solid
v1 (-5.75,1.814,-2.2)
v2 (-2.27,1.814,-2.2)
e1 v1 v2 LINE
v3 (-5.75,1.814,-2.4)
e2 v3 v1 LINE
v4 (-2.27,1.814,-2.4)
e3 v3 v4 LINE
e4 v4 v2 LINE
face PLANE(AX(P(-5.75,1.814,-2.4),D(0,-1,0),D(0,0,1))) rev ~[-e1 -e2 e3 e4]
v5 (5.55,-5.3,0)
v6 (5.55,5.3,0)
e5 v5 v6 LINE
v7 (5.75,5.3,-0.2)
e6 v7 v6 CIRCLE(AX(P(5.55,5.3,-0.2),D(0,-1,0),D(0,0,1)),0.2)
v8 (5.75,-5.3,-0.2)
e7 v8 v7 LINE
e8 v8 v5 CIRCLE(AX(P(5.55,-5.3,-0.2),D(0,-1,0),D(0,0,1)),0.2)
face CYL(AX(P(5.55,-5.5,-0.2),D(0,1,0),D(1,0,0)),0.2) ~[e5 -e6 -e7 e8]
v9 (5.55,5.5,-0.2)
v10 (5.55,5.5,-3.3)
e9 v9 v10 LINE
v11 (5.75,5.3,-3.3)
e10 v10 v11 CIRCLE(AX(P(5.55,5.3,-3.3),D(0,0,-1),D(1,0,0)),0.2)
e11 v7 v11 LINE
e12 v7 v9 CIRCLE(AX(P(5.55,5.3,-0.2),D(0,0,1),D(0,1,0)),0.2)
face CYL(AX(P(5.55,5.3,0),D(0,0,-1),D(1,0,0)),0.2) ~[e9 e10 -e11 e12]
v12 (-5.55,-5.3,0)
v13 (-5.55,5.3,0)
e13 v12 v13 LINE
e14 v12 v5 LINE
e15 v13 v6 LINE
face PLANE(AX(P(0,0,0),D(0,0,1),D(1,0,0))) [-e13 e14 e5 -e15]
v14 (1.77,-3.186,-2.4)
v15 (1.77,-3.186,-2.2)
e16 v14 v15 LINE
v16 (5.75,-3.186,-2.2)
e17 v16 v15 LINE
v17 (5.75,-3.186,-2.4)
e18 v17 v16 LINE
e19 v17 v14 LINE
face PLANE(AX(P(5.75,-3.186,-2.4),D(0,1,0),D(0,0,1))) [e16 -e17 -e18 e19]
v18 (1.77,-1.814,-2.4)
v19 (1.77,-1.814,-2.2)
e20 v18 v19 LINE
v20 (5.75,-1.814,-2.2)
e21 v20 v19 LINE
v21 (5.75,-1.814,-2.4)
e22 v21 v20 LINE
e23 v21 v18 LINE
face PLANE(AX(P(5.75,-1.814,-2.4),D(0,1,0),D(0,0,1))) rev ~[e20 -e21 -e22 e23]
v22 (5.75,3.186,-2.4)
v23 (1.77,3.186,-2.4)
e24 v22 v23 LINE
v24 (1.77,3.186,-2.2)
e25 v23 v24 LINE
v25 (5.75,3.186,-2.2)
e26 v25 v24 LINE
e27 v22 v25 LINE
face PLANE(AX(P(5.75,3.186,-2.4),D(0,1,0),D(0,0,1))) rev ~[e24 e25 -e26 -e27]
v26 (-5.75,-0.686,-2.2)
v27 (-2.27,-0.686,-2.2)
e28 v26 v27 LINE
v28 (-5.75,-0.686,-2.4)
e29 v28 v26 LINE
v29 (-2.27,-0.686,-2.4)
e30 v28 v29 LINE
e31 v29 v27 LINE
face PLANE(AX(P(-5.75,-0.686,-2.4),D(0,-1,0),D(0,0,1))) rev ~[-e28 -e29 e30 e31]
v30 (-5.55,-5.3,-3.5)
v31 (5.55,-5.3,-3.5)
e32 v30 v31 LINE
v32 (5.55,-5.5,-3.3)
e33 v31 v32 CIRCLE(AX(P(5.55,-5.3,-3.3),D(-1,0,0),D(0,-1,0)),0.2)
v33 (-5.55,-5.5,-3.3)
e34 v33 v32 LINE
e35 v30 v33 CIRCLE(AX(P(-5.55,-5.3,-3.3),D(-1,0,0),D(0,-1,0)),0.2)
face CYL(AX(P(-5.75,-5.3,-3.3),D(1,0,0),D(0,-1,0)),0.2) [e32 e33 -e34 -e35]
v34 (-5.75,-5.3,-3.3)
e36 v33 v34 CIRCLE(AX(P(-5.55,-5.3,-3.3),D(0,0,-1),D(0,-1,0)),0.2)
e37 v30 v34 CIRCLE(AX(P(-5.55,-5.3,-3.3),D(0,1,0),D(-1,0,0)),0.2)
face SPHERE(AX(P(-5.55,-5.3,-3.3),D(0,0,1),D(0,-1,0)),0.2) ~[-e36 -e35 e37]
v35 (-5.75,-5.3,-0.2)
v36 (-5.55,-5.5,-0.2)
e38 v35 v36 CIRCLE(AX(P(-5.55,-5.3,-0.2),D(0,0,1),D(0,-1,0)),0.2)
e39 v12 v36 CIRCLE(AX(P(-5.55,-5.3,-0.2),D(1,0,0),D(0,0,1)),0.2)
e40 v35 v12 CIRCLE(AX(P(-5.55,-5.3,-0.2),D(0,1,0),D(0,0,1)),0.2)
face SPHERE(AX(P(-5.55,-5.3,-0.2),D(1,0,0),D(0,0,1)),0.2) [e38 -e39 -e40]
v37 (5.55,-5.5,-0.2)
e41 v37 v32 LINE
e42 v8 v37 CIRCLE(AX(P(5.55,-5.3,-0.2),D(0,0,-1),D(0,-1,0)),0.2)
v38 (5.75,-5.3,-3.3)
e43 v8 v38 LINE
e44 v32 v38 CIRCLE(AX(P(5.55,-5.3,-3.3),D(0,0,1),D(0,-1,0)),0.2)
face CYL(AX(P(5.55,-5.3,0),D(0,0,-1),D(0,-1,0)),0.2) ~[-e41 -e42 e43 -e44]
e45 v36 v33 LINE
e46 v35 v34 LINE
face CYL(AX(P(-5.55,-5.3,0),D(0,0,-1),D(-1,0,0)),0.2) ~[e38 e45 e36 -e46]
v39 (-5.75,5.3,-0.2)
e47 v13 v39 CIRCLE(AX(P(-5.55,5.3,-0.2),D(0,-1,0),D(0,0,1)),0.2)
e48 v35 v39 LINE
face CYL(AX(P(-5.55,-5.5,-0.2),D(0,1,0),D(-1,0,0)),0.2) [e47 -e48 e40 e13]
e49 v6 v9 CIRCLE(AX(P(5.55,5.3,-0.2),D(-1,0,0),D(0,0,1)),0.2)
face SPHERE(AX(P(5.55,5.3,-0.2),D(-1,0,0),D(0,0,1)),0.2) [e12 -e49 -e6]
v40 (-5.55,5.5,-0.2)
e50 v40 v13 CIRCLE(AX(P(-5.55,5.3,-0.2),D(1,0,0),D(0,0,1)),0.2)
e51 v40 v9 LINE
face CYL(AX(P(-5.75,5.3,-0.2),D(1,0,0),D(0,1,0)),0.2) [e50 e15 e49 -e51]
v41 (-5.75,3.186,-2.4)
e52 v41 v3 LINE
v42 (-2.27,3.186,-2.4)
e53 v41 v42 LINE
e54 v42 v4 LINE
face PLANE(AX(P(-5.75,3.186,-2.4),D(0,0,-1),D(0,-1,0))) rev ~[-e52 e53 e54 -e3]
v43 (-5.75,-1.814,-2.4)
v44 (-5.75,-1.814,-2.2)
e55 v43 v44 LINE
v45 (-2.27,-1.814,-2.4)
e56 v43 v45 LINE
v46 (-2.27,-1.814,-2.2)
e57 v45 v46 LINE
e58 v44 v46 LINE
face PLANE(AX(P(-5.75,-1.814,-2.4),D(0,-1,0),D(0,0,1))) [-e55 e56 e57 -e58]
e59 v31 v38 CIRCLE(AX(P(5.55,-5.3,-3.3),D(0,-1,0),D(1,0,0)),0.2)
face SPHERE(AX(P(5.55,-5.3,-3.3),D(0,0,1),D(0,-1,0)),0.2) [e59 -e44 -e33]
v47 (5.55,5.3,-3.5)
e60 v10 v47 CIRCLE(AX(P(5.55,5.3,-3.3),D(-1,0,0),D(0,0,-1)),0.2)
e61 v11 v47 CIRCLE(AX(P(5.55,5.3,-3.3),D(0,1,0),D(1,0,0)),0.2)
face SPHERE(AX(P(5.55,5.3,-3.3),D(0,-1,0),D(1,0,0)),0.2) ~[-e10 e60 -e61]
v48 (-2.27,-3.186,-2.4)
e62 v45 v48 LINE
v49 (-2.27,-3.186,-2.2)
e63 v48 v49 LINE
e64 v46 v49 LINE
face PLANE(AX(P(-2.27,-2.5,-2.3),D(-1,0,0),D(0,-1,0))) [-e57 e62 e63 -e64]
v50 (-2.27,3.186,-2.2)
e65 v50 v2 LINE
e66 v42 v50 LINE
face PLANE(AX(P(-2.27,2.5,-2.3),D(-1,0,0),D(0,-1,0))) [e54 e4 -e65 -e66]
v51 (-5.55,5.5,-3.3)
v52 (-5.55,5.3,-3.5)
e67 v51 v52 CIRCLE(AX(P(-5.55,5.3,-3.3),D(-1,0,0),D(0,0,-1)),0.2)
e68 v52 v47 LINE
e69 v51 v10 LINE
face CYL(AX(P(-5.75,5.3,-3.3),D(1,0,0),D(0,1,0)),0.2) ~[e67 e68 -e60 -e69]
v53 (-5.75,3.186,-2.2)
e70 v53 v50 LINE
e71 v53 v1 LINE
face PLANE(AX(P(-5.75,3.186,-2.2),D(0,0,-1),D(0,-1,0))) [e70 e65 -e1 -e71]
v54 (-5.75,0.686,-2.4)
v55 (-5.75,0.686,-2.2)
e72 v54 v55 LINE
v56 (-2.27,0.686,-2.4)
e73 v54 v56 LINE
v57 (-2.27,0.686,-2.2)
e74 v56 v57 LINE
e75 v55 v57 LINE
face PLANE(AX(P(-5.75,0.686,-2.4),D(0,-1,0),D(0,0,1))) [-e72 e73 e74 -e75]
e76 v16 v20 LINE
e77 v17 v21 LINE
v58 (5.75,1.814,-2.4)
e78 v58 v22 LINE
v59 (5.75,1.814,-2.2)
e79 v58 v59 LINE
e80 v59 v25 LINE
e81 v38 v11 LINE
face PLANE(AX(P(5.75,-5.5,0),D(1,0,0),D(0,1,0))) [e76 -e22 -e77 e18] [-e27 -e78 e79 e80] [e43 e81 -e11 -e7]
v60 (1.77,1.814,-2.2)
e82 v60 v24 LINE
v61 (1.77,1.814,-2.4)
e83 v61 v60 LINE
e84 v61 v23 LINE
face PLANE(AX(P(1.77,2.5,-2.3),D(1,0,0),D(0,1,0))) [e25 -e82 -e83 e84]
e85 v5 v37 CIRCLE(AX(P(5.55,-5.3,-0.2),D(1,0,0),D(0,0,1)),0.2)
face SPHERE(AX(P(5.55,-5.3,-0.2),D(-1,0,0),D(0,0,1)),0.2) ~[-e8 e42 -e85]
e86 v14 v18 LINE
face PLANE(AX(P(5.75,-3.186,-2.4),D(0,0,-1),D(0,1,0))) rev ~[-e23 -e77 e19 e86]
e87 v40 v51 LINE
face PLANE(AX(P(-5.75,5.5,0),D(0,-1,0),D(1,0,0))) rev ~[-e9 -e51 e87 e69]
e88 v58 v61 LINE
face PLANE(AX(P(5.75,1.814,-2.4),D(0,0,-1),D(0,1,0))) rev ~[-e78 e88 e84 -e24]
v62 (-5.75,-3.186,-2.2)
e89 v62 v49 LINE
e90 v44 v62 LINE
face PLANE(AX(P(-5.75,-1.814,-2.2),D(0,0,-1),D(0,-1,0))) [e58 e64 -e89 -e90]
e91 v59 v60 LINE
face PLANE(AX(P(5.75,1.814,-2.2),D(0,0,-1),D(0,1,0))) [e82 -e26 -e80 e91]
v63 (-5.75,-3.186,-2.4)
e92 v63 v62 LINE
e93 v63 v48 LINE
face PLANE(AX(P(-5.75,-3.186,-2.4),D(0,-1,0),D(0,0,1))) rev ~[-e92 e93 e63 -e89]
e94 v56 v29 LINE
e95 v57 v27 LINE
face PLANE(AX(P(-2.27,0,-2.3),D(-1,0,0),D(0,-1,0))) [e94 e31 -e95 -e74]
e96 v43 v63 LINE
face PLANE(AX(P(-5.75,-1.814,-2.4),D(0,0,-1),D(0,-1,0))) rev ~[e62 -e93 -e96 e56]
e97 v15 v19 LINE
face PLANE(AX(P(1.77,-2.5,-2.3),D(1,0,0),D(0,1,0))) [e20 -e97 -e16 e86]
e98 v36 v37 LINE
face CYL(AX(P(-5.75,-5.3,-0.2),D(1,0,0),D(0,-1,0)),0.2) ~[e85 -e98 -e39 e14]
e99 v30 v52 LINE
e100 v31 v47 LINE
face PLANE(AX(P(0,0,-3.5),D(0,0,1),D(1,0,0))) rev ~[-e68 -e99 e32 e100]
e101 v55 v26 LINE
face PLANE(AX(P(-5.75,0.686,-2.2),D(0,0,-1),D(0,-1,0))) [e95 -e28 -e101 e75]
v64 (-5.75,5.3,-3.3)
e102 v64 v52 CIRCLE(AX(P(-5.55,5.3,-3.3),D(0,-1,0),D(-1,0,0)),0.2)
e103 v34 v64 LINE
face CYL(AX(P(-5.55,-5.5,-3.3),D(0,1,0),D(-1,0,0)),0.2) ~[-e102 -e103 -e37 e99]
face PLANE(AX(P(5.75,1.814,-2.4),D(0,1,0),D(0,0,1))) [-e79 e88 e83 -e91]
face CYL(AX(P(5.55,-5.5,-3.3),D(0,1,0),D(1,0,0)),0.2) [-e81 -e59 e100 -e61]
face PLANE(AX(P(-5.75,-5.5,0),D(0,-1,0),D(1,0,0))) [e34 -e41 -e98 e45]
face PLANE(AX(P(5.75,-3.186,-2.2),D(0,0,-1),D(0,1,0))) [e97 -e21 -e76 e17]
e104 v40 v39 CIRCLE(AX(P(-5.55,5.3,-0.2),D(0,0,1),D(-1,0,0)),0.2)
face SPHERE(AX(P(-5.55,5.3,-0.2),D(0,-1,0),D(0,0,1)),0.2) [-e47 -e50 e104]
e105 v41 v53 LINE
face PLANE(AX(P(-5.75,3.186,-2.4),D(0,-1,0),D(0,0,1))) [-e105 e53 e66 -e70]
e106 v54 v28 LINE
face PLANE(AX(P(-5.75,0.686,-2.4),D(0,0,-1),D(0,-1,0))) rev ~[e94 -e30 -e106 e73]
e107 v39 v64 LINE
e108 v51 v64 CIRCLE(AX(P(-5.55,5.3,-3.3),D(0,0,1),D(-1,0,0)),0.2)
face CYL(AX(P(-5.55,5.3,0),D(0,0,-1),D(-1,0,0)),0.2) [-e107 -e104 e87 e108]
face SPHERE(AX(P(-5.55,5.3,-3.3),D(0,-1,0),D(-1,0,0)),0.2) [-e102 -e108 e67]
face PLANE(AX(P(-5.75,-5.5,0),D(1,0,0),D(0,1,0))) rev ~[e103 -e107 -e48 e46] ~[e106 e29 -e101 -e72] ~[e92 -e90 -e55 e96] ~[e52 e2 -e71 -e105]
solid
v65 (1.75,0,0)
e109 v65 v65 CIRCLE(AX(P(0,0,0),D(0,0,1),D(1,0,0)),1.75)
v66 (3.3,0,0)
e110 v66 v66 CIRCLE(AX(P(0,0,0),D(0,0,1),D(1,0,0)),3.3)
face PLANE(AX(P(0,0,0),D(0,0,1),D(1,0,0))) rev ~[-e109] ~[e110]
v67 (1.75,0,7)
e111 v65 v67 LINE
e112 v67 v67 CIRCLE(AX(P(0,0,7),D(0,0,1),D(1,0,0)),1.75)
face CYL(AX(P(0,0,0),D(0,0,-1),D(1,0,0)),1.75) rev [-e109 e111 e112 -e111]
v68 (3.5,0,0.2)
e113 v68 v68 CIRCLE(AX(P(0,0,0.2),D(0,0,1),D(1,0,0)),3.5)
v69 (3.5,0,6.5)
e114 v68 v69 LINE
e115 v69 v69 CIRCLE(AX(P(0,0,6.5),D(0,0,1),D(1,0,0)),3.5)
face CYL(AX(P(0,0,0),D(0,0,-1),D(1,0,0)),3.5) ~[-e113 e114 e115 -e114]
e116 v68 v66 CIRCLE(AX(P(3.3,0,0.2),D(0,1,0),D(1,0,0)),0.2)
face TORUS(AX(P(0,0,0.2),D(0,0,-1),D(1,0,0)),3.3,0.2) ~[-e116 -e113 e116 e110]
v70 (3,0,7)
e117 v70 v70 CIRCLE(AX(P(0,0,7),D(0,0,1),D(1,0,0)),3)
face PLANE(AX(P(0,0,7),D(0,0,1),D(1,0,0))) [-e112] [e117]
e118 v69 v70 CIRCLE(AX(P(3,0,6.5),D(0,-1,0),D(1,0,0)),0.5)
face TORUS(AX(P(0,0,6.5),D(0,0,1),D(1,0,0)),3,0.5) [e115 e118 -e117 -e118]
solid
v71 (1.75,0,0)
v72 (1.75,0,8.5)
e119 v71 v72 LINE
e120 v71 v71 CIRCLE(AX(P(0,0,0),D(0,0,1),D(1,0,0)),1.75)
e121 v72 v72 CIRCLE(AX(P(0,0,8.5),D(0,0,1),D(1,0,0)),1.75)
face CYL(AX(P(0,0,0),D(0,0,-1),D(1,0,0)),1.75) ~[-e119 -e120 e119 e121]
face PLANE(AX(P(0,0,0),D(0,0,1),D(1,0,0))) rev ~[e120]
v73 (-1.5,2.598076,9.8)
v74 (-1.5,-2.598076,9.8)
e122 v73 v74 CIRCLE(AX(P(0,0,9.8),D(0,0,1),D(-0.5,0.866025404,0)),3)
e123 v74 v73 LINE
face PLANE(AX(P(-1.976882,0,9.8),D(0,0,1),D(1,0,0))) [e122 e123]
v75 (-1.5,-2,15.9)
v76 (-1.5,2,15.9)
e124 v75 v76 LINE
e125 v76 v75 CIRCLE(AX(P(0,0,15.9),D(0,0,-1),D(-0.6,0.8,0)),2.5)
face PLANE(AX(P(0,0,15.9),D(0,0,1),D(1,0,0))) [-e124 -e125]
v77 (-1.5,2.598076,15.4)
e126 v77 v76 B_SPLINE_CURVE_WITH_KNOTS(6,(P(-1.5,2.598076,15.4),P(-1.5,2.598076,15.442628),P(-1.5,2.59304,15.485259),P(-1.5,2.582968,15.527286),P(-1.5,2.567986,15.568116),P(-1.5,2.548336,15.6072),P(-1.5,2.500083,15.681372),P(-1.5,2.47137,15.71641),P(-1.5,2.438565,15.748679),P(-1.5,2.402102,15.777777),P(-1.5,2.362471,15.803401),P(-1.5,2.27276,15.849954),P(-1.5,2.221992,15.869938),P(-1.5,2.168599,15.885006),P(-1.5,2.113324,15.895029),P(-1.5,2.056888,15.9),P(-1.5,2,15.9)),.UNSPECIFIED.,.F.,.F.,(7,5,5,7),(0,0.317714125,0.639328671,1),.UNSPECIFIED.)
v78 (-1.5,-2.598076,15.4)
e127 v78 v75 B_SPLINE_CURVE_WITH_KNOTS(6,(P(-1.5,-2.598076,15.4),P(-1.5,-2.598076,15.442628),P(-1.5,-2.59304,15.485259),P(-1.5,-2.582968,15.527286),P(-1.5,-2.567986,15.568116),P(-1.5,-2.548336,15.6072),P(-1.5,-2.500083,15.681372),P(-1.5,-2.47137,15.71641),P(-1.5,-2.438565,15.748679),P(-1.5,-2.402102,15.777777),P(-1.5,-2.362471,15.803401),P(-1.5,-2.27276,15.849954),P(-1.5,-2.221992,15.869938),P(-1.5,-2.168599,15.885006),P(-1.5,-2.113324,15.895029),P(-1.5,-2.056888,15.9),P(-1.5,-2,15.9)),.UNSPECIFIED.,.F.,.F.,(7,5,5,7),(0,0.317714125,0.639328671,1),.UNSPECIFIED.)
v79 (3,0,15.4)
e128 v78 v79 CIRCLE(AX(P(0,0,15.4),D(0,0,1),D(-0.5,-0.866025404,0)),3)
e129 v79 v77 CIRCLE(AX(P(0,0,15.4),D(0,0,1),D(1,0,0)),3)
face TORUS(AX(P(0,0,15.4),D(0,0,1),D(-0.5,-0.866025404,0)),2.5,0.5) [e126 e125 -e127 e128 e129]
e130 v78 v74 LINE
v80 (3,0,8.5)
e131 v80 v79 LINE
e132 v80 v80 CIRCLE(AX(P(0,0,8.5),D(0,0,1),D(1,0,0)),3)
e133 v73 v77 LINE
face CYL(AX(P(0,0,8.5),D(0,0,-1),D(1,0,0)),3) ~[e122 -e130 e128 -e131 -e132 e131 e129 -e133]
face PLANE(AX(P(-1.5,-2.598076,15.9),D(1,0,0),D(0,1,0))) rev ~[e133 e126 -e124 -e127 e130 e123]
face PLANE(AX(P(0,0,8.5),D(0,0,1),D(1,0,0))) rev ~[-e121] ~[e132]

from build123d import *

# Parameters (mm, degrees)
F0_W      = 11.5
F0_H      = 11
F1_DEPTH  = 3.5
F2_R      = 3.5
F2_R_2    = 1.75
F3_DEPTH  = 7
F4_DEPTH  = 8.5
F5_R      = 3
F5_R_2    = 1.75
F6_DEPTH  = 7.4
F8_DEPTH  = 6
F9_R      = 0.2
F9_2_R    = 0.2
F10_R     = 0.5
F10_2_R   = 0.5
F11_DEPTH = 6.1
F12_W     = 1.372
F12_H     = 0.2
F13_DEPTH = 3.48
F14_W     = 1.372
F14_H     = 0.2
F15_DEPTH = 3.98


with BuildPart() as f1:
    # F0 (on Top) → F1 (new body)
    with BuildSketch(Plane.XY):
        Rectangle(F0_W, F0_H)
    extrude(amount=-F1_DEPTH)

    # F9
    f9_edges = [f1.edges().sort_by_distance(p)[0] for p in [
        (0, -5.5, 0),
        (-5.75, 0, 0),
        (0, 5.5, 0),
        (5.75, 0, 0),
        (5.75, -5.5, -1.75),
        (-5.75, -5.5, -1.75),
        (0, -5.5, -3.5),
        (-5.75, 0, -3.5),
        (5.75, 0, -3.5),
        (5.75, 5.5, -1.75),
        (-5.75, 5.5, -1.75),
        (0, 5.5, -3.5),
    ]]
    fillet(f9_edges, radius=F9_R)

    # F12 (on face) → F13 (cut)
    with BuildSketch(Plane(origin=(-5.75, 0, 0), x_dir=(0, -1, 0), z_dir=(-1, 0, 0))):
        with Locations((-2.5, -2.3)):
            Rectangle(F12_W, F12_H)
        with Locations((0, -2.3)):
            Rectangle(F12_W, F12_H)
        with Locations((2.5, -2.3)):
            Rectangle(F12_W, F12_H)
    extrude(amount=-F13_DEPTH, mode=Mode.SUBTRACT)

    # F14 (on face) → F15 (cut)
    with BuildSketch(Plane.YZ.offset(5.75)):
        with Locations((-2.5, -2.3)):
            Rectangle(F14_W, F14_H)
        with Locations((2.5, -2.3)):
            Rectangle(F14_W, F14_H)
    extrude(amount=-F15_DEPTH, mode=Mode.SUBTRACT)


with BuildPart() as f3:
    # F2 (on face) → F3 (new body)
    with BuildSketch(Plane.XY):
        Circle(F2_R)
        Circle(F2_R_2, mode=Mode.SUBTRACT)
    extrude(amount=F3_DEPTH)

    # F9#2
    f9_2_edges = [f3.edges().sort_by_distance(p)[0] for p in [
        (-3.5, 0, 0),
    ]]
    fillet(f9_2_edges, radius=F9_2_R)

    # F10#2
    f10_2_edges = [f3.edges().sort_by_distance(p)[0] for p in [
        (-3.5, 0, 7),
    ]]
    fillet(f10_2_edges, radius=F10_2_R)


with BuildPart() as f4:
    # F2 (on face) → F4 (new body)
    with BuildSketch(Plane.XY):
        Circle(F2_R_2)
    extrude(amount=F4_DEPTH)

    # F5 (on face) → F6 (join)
    with BuildSketch(Plane.XY.offset(8.5)):
        Circle(F5_R)
        Circle(F5_R_2, mode=Mode.SUBTRACT)
        Circle(F5_R_2)
    extrude(amount=F6_DEPTH)

    # F7 (on face) → F8 (cut)
    with BuildSketch(Plane.XY.offset(15.9)):
        with BuildLine():
            Line((-1.5, -2.5980762114), (-1.5, 2.5980762114))
            ThreePointArc((-1.5, 2.5980762114), (-3, 0), (-1.5, -2.5980762114))
        make_face()
    extrude(amount=-F8_DEPTH, mode=Mode.SUBTRACT)

    # F10
    f10_edges = [f4.edges().sort_by_distance(p)[0] for p in [
        (1.5, -2.598076, 15.9),
        (1.5, 2.598076, 15.9),
    ]]
    fillet(f10_edges, radius=F10_R)

    # F7 (on face) → F11 (cut)
    with BuildSketch(Plane.XY.offset(15.9)):
        with BuildLine():
            Line((-1.5, -2.5980762114), (-1.5, 2.5980762114))
            ThreePointArc((-1.5, 2.5980762114), (-3, 0), (-1.5, -2.5980762114))
        make_face()
    extrude(amount=-F11_DEPTH, mode=Mode.SUBTRACT)


solid = Compound([f1.part, f3.part, f4.part])
